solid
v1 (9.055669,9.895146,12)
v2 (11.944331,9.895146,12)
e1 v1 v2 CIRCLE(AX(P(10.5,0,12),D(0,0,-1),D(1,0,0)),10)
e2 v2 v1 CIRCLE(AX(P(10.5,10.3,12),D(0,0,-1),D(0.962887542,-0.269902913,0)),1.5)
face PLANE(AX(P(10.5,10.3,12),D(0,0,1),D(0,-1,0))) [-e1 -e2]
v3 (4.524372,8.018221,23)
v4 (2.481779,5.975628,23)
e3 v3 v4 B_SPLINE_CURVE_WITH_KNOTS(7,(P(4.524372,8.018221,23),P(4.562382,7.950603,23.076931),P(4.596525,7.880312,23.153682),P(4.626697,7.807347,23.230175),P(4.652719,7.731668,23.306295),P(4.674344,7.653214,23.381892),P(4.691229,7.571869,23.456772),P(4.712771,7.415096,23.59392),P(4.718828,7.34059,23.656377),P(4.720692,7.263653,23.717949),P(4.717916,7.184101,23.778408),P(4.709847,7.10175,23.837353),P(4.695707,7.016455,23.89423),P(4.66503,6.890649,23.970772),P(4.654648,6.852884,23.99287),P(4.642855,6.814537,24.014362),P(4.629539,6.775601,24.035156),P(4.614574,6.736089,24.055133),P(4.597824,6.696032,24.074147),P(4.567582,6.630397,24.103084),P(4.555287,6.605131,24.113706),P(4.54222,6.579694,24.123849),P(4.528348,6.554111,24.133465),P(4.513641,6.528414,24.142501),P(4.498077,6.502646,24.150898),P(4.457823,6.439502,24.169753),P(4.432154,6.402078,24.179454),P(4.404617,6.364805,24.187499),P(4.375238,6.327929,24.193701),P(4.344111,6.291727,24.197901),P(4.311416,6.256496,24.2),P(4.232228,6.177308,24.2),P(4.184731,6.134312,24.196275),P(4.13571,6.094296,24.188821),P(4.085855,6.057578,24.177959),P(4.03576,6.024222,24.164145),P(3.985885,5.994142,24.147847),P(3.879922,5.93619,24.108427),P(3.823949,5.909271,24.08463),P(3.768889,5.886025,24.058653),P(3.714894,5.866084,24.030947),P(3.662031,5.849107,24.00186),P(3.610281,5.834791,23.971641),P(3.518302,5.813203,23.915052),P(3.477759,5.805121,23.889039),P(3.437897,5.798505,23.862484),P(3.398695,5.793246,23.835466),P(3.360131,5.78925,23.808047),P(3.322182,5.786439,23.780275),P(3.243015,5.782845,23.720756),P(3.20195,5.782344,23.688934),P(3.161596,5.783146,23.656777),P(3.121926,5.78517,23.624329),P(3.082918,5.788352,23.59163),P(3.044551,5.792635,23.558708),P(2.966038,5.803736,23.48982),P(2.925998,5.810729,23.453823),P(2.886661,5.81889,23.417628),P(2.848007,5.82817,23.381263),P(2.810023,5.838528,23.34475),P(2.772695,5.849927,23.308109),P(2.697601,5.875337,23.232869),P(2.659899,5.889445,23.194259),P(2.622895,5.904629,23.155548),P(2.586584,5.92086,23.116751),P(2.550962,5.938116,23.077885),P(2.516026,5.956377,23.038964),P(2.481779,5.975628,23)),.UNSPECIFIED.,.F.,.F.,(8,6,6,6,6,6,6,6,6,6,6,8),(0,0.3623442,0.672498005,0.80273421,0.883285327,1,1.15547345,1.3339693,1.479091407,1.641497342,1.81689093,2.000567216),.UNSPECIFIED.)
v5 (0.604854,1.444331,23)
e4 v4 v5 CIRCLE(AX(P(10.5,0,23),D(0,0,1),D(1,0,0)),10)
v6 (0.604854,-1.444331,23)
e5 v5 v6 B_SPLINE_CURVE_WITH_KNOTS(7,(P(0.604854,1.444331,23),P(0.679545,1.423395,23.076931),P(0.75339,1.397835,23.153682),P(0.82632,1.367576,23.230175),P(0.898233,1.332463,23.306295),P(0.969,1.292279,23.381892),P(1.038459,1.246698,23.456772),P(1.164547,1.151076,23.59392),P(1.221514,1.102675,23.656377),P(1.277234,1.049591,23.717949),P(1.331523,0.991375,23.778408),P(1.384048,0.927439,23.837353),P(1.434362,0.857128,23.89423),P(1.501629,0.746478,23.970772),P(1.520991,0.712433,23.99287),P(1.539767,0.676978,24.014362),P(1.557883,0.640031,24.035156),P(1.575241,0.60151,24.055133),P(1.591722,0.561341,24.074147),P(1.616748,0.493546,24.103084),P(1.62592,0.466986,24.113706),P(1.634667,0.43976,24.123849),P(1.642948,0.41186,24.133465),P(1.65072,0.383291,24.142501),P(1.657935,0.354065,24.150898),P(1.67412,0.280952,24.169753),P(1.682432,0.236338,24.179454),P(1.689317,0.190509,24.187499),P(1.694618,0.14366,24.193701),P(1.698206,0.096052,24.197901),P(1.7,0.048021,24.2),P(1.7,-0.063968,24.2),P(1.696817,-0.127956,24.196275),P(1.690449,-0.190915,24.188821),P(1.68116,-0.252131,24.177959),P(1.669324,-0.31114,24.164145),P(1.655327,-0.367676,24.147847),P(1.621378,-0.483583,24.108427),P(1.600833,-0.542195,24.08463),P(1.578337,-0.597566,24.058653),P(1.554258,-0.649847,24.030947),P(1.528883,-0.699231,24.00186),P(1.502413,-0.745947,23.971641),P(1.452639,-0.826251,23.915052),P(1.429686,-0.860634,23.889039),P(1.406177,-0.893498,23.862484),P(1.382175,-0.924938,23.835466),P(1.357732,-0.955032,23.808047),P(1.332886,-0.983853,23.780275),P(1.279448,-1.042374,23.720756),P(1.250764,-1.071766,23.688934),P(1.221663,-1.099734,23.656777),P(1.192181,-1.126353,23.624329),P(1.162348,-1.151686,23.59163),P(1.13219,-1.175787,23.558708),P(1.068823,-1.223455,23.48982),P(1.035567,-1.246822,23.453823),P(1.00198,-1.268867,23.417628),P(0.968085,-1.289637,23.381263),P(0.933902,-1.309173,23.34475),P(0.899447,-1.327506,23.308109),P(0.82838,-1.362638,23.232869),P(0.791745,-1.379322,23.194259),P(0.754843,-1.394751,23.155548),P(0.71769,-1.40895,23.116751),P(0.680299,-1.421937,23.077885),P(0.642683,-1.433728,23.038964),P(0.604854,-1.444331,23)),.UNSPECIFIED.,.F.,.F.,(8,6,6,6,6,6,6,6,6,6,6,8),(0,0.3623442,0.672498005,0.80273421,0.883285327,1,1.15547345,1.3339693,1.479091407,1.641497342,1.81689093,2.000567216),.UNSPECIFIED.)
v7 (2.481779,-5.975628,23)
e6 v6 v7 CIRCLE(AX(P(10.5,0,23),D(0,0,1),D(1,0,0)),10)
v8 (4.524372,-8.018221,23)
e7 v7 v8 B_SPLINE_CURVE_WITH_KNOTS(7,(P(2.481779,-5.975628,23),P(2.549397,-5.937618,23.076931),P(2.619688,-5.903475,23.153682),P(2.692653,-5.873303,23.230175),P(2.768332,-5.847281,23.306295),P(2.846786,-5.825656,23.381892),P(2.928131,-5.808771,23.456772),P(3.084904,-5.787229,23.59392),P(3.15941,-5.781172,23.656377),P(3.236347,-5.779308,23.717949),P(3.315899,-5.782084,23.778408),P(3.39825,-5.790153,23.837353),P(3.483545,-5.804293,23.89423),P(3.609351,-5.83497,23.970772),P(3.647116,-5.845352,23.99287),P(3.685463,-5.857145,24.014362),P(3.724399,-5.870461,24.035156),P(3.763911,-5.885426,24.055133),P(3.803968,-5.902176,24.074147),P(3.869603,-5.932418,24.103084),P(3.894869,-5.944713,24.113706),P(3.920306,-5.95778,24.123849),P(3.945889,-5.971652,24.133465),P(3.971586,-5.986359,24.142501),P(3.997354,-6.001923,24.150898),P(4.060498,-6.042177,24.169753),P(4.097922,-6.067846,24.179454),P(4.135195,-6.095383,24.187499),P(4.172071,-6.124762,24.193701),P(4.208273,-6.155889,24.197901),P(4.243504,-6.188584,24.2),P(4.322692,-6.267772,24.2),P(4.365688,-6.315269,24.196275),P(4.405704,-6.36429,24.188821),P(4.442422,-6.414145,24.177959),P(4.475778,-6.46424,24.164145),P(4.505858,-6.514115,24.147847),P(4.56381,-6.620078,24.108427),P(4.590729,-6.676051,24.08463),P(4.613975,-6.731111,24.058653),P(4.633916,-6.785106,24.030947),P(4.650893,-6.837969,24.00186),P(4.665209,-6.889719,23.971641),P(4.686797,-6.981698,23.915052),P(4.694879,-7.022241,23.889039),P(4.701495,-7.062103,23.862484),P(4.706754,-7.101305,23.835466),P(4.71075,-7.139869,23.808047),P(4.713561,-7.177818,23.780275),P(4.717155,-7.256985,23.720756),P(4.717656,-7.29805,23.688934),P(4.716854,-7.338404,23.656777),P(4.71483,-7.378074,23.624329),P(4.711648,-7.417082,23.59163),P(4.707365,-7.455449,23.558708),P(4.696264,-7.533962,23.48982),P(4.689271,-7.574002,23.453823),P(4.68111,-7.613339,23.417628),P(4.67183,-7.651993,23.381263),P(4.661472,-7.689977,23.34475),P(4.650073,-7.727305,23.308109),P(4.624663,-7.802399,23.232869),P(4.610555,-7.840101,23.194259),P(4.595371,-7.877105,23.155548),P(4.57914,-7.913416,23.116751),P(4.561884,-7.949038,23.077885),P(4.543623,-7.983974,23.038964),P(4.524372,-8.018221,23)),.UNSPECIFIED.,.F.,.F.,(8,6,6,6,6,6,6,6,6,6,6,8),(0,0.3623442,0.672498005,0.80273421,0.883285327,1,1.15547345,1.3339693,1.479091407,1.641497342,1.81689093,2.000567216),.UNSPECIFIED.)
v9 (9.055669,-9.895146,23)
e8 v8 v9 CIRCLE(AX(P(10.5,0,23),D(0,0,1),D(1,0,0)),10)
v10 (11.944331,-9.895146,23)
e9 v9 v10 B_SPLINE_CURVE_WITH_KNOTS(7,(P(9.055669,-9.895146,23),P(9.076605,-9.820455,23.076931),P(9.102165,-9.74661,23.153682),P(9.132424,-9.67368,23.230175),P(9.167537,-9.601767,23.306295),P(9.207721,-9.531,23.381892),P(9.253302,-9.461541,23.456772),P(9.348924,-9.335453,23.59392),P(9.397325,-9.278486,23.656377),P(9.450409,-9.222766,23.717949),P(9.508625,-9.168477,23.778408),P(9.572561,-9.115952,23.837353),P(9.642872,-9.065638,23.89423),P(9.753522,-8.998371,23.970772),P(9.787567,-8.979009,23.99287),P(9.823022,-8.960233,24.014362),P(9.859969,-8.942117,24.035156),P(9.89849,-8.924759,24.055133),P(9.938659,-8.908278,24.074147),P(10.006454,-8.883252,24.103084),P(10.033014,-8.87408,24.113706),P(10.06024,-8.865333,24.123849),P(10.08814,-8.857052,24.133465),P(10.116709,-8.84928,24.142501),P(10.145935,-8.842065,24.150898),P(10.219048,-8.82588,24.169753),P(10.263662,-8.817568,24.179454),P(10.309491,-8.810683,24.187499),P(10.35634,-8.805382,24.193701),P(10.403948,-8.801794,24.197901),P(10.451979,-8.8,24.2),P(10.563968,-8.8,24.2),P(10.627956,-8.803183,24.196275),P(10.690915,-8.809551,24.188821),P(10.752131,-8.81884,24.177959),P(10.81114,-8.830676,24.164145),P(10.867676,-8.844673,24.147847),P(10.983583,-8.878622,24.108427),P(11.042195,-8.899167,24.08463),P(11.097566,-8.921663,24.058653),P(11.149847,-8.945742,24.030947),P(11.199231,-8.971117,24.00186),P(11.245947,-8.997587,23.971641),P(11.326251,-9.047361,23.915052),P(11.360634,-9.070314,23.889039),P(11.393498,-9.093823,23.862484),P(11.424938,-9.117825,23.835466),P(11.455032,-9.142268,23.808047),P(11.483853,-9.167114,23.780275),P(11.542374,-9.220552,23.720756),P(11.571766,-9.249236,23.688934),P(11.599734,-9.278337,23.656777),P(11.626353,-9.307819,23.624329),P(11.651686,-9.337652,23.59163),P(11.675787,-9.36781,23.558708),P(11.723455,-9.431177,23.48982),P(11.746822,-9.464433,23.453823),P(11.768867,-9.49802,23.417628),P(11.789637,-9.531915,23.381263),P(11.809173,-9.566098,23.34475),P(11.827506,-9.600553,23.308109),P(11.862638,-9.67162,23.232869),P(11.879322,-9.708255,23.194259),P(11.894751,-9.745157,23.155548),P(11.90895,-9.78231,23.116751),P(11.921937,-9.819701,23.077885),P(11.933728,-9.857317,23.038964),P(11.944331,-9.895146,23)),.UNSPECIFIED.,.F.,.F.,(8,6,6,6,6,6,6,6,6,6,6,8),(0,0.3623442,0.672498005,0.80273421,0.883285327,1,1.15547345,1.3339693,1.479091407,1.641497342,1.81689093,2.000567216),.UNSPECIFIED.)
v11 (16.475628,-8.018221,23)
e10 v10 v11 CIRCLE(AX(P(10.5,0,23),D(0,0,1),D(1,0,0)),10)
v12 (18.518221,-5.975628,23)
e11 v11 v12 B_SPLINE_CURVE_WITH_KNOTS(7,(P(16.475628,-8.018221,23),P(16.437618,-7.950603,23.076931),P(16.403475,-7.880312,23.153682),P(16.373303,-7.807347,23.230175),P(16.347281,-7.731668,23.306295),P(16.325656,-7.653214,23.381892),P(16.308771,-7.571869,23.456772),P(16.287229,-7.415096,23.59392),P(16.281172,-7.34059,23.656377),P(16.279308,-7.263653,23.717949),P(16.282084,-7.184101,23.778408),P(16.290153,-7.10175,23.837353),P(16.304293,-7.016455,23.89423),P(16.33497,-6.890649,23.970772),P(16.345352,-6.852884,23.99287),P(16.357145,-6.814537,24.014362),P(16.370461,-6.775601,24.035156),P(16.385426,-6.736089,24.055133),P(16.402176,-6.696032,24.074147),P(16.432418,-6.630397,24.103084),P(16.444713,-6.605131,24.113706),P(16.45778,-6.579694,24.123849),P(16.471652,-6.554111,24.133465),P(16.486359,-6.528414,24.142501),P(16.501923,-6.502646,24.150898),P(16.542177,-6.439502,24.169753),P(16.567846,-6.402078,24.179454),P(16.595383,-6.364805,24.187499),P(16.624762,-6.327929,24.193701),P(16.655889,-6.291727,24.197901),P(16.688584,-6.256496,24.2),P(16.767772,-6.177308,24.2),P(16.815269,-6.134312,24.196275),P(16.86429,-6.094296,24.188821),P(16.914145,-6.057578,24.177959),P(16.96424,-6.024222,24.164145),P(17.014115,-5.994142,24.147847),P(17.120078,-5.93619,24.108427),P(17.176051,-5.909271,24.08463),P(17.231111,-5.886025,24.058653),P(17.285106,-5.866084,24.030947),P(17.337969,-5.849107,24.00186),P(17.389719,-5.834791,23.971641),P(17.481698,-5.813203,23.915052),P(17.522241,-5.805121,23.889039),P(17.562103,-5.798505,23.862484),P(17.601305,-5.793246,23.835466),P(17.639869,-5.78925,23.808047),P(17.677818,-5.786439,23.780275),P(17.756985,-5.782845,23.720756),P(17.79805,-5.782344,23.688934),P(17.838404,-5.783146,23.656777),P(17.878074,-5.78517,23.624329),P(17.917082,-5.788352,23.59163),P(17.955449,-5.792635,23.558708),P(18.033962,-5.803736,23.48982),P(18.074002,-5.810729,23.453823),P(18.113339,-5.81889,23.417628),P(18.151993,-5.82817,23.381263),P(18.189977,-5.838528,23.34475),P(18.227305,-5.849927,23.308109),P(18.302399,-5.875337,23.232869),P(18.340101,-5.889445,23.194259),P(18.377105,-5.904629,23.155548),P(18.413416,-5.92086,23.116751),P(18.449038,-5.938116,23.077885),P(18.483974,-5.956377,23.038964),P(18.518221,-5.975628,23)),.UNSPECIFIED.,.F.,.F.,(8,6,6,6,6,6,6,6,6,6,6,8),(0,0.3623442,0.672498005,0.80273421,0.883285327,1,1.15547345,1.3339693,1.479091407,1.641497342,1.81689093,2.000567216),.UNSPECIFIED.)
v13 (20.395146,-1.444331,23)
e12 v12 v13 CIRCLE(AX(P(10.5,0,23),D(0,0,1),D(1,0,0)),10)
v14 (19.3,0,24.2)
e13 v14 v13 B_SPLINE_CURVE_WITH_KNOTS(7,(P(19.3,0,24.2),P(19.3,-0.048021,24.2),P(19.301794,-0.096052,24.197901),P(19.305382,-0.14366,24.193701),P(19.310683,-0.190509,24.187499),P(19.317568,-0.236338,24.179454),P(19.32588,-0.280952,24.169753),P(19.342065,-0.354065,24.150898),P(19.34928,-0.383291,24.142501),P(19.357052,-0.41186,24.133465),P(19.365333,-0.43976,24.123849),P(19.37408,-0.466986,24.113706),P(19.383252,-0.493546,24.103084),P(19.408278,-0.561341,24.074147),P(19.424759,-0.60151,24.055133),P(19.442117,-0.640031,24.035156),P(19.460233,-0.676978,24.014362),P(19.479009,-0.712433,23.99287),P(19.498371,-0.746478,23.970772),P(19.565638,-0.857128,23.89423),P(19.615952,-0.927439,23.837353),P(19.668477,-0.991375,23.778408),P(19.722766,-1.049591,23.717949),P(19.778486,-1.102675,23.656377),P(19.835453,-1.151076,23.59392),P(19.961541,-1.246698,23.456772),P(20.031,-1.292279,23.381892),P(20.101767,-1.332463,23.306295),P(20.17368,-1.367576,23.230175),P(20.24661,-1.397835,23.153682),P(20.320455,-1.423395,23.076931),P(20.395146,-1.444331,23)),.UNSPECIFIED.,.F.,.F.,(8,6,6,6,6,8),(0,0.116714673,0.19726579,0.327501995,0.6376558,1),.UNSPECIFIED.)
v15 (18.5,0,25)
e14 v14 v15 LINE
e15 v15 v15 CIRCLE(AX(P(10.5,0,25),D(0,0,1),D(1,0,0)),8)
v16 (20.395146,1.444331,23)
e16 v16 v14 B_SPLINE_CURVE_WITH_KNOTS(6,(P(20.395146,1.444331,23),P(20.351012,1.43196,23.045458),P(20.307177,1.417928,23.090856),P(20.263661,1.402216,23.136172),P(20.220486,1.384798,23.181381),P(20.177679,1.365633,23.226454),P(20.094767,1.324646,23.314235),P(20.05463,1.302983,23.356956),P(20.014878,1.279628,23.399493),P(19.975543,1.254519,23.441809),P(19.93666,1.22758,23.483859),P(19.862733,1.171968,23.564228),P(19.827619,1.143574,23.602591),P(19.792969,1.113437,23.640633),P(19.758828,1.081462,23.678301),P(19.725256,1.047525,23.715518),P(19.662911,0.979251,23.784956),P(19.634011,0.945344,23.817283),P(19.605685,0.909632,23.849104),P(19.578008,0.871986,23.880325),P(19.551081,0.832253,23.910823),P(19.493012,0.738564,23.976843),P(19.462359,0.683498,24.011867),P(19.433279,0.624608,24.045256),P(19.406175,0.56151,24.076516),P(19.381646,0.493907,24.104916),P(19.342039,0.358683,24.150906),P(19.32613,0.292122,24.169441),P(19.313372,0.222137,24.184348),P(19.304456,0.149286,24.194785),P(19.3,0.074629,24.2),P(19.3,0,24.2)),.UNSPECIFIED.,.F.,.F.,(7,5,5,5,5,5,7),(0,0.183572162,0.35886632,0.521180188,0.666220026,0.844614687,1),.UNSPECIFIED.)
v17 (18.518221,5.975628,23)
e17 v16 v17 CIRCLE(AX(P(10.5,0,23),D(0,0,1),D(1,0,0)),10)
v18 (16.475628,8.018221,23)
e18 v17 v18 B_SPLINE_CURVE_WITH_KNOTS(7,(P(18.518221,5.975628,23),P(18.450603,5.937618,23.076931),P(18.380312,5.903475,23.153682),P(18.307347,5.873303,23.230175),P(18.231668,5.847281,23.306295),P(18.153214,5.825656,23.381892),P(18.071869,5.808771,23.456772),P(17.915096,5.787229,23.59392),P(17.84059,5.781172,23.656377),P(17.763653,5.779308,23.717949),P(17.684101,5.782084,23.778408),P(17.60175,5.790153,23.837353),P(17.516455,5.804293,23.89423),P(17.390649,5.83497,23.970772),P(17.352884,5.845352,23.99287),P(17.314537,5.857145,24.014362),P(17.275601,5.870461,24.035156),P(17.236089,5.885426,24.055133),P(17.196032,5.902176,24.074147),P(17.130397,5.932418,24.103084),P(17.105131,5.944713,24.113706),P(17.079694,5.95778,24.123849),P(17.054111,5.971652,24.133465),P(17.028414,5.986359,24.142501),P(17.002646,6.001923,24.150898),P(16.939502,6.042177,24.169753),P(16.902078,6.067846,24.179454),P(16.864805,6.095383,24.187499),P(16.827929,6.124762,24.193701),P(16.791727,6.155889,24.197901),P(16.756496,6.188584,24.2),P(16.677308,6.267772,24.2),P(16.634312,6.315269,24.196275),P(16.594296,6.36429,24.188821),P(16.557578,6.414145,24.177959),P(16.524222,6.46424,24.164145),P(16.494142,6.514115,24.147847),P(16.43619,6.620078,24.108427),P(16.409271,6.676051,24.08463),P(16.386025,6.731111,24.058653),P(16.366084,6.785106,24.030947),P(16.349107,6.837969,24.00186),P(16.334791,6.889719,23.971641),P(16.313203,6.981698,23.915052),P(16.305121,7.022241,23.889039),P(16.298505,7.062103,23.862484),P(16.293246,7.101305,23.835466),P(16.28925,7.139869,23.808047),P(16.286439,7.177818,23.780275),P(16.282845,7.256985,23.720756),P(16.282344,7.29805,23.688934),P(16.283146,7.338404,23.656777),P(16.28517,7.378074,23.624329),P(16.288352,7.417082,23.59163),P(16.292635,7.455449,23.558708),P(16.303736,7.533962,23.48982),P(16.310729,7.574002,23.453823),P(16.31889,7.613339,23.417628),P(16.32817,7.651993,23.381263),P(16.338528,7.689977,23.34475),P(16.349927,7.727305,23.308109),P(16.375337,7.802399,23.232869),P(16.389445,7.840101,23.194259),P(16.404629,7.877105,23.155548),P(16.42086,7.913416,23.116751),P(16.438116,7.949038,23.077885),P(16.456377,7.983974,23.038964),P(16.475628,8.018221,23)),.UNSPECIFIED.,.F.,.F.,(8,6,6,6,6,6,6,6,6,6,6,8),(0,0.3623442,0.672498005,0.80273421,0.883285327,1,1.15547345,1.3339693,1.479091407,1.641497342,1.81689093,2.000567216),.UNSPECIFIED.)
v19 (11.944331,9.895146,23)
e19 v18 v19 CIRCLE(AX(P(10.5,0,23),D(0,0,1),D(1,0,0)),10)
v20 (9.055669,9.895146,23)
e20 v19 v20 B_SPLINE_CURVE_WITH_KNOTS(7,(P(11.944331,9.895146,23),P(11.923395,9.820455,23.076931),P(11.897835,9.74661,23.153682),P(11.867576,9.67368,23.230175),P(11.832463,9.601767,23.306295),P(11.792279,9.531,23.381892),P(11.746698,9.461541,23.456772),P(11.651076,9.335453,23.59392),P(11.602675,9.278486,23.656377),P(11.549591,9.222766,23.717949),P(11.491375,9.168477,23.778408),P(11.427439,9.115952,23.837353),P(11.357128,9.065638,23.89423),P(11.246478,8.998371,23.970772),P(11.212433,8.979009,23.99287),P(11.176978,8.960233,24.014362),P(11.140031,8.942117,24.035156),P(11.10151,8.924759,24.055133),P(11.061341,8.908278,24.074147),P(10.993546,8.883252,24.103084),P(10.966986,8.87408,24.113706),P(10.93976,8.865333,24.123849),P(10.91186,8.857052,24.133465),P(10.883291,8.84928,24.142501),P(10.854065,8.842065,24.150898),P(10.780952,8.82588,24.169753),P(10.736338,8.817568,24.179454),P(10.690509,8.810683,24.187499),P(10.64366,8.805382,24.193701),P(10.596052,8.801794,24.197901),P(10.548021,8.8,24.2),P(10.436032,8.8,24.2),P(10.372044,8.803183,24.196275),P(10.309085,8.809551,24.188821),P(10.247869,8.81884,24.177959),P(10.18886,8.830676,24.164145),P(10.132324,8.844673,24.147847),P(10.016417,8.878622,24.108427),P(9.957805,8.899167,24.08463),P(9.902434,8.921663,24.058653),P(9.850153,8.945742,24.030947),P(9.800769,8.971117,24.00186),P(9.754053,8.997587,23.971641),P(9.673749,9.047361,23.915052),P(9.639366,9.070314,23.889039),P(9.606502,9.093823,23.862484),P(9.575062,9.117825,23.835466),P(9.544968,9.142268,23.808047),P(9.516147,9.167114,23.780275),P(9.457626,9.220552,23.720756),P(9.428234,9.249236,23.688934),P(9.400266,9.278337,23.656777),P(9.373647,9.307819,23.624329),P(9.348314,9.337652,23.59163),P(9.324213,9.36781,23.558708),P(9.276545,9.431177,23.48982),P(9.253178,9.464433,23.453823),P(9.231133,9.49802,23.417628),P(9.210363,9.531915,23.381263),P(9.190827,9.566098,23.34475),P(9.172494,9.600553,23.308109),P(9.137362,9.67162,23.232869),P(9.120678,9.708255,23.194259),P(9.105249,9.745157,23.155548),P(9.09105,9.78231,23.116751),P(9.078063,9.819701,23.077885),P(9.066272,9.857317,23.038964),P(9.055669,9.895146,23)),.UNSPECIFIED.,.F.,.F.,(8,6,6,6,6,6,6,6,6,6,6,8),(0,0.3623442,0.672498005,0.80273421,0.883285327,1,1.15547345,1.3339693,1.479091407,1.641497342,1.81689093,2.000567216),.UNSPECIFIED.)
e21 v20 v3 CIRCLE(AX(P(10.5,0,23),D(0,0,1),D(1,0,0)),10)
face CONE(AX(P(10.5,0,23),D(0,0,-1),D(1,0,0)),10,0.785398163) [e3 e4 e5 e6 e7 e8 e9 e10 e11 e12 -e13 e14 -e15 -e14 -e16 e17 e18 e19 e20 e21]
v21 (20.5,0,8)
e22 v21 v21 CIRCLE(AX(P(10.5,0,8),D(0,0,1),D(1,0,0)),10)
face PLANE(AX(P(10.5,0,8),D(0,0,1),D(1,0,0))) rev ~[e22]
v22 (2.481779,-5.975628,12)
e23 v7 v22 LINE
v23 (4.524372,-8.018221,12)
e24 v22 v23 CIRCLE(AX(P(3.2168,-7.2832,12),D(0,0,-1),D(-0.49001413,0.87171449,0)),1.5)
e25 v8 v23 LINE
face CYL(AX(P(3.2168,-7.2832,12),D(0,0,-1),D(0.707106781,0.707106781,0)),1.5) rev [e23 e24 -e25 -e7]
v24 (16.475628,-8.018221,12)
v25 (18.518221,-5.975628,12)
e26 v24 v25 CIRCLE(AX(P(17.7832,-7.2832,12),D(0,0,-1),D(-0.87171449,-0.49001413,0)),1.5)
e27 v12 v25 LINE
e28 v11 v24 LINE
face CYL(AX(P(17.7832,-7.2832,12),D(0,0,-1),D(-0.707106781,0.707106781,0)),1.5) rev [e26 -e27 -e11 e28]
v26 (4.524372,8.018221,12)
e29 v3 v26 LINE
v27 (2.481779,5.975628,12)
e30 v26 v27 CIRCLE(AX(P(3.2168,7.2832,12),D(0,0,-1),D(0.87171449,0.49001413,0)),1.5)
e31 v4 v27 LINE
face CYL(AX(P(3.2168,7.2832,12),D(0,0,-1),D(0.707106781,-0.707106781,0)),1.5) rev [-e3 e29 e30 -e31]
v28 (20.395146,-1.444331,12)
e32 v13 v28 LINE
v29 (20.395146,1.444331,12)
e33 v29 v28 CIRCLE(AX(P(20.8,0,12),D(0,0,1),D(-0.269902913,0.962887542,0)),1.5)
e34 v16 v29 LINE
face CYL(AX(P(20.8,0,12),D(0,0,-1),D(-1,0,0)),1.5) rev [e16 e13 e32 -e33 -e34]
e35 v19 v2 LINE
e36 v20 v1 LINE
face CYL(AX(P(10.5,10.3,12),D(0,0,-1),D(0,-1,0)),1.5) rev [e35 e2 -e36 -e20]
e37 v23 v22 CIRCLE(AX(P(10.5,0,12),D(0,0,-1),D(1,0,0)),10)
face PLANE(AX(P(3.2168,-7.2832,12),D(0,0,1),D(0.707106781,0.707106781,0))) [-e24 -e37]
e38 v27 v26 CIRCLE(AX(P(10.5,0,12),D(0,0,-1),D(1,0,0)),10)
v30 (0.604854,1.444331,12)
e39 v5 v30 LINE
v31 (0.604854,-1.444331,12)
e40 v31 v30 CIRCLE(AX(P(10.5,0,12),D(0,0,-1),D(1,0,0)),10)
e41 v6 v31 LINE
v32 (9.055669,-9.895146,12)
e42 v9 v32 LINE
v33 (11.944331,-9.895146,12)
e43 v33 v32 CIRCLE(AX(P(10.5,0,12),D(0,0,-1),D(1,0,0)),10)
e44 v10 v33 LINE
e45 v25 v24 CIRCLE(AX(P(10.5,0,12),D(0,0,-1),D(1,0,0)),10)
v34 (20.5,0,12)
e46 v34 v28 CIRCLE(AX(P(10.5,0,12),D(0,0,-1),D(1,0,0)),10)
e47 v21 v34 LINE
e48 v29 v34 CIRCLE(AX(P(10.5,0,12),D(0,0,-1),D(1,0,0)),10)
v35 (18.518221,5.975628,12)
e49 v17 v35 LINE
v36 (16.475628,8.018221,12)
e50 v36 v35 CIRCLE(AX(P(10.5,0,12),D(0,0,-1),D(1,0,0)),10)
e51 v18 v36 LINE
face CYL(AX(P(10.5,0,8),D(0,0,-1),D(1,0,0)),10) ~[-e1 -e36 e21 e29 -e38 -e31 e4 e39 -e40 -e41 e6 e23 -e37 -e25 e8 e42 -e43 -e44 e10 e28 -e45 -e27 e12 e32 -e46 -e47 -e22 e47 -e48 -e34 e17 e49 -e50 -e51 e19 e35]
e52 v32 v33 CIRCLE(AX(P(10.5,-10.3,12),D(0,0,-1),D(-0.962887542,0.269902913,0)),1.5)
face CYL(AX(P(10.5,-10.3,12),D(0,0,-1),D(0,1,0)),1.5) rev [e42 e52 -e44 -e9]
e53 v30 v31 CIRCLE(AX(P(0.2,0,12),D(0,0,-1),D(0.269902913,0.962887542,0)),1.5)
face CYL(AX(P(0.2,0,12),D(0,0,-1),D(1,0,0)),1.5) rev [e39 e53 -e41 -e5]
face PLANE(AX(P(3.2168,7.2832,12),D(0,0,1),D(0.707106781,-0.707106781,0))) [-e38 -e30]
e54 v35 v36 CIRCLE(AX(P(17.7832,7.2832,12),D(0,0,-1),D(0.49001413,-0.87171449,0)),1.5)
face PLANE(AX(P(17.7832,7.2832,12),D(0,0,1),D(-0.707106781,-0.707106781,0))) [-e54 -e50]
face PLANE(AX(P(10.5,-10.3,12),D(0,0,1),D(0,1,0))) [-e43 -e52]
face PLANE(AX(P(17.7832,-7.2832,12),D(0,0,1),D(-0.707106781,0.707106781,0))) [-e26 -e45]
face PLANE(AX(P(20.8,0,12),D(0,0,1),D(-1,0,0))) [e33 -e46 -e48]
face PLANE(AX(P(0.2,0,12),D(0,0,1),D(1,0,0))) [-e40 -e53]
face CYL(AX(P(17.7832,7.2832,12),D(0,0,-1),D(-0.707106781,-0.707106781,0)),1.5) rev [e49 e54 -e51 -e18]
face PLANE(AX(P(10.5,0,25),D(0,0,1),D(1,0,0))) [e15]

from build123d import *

# Parameters (mm, degrees)
CYLINDER001_R     = 1.5
CYLINDER001_DEPTH = 15
ARRAY_COUNT       = 8
CYLINDER_R        = 10
CYLINDER_DEPTH    = 17
CHAMFER_SIZE      = 2


with BuildPart() as array:
    # Cylinder001 → Cylinder001 (new body)
    with BuildSketch(Plane(origin=(0.2, 0, 12), x_dir=(1, 0, 0), z_dir=(0, 0, 1))):
        Circle(CYLINDER001_R)
    extrude(amount=CYLINDER001_DEPTH)

    # Array: Array ×8 about axis
    array_axis = Axis((10.5, 0, 0), (0, 0, 1))


with BuildPart() as array_1:
    add(array.part)
    for i in range(1, ARRAY_COUNT):
        add(array.part.rotate(array_axis, i * 360 / ARRAY_COUNT))


with BuildPart() as cut:
    # Cylinder → Cylinder (new body)
    with BuildSketch(Plane(origin=(10.5, 0, 8), x_dir=(1, 0, 0), z_dir=(0, 0, 1))):
        Circle(CYLINDER_R)
    extrude(amount=CYLINDER_DEPTH)

    # Chamfer
    chamfer_edges = [cut.edges().sort_by_distance(p)[0] for p in [
        (0.5, 0, 25),
    ]]
    chamfer(chamfer_edges, length=CHAMFER_SIZE)

    # Cut: cut Array
    add(array_1.part, mode=Mode.SUBTRACT)


solid = cut.part
